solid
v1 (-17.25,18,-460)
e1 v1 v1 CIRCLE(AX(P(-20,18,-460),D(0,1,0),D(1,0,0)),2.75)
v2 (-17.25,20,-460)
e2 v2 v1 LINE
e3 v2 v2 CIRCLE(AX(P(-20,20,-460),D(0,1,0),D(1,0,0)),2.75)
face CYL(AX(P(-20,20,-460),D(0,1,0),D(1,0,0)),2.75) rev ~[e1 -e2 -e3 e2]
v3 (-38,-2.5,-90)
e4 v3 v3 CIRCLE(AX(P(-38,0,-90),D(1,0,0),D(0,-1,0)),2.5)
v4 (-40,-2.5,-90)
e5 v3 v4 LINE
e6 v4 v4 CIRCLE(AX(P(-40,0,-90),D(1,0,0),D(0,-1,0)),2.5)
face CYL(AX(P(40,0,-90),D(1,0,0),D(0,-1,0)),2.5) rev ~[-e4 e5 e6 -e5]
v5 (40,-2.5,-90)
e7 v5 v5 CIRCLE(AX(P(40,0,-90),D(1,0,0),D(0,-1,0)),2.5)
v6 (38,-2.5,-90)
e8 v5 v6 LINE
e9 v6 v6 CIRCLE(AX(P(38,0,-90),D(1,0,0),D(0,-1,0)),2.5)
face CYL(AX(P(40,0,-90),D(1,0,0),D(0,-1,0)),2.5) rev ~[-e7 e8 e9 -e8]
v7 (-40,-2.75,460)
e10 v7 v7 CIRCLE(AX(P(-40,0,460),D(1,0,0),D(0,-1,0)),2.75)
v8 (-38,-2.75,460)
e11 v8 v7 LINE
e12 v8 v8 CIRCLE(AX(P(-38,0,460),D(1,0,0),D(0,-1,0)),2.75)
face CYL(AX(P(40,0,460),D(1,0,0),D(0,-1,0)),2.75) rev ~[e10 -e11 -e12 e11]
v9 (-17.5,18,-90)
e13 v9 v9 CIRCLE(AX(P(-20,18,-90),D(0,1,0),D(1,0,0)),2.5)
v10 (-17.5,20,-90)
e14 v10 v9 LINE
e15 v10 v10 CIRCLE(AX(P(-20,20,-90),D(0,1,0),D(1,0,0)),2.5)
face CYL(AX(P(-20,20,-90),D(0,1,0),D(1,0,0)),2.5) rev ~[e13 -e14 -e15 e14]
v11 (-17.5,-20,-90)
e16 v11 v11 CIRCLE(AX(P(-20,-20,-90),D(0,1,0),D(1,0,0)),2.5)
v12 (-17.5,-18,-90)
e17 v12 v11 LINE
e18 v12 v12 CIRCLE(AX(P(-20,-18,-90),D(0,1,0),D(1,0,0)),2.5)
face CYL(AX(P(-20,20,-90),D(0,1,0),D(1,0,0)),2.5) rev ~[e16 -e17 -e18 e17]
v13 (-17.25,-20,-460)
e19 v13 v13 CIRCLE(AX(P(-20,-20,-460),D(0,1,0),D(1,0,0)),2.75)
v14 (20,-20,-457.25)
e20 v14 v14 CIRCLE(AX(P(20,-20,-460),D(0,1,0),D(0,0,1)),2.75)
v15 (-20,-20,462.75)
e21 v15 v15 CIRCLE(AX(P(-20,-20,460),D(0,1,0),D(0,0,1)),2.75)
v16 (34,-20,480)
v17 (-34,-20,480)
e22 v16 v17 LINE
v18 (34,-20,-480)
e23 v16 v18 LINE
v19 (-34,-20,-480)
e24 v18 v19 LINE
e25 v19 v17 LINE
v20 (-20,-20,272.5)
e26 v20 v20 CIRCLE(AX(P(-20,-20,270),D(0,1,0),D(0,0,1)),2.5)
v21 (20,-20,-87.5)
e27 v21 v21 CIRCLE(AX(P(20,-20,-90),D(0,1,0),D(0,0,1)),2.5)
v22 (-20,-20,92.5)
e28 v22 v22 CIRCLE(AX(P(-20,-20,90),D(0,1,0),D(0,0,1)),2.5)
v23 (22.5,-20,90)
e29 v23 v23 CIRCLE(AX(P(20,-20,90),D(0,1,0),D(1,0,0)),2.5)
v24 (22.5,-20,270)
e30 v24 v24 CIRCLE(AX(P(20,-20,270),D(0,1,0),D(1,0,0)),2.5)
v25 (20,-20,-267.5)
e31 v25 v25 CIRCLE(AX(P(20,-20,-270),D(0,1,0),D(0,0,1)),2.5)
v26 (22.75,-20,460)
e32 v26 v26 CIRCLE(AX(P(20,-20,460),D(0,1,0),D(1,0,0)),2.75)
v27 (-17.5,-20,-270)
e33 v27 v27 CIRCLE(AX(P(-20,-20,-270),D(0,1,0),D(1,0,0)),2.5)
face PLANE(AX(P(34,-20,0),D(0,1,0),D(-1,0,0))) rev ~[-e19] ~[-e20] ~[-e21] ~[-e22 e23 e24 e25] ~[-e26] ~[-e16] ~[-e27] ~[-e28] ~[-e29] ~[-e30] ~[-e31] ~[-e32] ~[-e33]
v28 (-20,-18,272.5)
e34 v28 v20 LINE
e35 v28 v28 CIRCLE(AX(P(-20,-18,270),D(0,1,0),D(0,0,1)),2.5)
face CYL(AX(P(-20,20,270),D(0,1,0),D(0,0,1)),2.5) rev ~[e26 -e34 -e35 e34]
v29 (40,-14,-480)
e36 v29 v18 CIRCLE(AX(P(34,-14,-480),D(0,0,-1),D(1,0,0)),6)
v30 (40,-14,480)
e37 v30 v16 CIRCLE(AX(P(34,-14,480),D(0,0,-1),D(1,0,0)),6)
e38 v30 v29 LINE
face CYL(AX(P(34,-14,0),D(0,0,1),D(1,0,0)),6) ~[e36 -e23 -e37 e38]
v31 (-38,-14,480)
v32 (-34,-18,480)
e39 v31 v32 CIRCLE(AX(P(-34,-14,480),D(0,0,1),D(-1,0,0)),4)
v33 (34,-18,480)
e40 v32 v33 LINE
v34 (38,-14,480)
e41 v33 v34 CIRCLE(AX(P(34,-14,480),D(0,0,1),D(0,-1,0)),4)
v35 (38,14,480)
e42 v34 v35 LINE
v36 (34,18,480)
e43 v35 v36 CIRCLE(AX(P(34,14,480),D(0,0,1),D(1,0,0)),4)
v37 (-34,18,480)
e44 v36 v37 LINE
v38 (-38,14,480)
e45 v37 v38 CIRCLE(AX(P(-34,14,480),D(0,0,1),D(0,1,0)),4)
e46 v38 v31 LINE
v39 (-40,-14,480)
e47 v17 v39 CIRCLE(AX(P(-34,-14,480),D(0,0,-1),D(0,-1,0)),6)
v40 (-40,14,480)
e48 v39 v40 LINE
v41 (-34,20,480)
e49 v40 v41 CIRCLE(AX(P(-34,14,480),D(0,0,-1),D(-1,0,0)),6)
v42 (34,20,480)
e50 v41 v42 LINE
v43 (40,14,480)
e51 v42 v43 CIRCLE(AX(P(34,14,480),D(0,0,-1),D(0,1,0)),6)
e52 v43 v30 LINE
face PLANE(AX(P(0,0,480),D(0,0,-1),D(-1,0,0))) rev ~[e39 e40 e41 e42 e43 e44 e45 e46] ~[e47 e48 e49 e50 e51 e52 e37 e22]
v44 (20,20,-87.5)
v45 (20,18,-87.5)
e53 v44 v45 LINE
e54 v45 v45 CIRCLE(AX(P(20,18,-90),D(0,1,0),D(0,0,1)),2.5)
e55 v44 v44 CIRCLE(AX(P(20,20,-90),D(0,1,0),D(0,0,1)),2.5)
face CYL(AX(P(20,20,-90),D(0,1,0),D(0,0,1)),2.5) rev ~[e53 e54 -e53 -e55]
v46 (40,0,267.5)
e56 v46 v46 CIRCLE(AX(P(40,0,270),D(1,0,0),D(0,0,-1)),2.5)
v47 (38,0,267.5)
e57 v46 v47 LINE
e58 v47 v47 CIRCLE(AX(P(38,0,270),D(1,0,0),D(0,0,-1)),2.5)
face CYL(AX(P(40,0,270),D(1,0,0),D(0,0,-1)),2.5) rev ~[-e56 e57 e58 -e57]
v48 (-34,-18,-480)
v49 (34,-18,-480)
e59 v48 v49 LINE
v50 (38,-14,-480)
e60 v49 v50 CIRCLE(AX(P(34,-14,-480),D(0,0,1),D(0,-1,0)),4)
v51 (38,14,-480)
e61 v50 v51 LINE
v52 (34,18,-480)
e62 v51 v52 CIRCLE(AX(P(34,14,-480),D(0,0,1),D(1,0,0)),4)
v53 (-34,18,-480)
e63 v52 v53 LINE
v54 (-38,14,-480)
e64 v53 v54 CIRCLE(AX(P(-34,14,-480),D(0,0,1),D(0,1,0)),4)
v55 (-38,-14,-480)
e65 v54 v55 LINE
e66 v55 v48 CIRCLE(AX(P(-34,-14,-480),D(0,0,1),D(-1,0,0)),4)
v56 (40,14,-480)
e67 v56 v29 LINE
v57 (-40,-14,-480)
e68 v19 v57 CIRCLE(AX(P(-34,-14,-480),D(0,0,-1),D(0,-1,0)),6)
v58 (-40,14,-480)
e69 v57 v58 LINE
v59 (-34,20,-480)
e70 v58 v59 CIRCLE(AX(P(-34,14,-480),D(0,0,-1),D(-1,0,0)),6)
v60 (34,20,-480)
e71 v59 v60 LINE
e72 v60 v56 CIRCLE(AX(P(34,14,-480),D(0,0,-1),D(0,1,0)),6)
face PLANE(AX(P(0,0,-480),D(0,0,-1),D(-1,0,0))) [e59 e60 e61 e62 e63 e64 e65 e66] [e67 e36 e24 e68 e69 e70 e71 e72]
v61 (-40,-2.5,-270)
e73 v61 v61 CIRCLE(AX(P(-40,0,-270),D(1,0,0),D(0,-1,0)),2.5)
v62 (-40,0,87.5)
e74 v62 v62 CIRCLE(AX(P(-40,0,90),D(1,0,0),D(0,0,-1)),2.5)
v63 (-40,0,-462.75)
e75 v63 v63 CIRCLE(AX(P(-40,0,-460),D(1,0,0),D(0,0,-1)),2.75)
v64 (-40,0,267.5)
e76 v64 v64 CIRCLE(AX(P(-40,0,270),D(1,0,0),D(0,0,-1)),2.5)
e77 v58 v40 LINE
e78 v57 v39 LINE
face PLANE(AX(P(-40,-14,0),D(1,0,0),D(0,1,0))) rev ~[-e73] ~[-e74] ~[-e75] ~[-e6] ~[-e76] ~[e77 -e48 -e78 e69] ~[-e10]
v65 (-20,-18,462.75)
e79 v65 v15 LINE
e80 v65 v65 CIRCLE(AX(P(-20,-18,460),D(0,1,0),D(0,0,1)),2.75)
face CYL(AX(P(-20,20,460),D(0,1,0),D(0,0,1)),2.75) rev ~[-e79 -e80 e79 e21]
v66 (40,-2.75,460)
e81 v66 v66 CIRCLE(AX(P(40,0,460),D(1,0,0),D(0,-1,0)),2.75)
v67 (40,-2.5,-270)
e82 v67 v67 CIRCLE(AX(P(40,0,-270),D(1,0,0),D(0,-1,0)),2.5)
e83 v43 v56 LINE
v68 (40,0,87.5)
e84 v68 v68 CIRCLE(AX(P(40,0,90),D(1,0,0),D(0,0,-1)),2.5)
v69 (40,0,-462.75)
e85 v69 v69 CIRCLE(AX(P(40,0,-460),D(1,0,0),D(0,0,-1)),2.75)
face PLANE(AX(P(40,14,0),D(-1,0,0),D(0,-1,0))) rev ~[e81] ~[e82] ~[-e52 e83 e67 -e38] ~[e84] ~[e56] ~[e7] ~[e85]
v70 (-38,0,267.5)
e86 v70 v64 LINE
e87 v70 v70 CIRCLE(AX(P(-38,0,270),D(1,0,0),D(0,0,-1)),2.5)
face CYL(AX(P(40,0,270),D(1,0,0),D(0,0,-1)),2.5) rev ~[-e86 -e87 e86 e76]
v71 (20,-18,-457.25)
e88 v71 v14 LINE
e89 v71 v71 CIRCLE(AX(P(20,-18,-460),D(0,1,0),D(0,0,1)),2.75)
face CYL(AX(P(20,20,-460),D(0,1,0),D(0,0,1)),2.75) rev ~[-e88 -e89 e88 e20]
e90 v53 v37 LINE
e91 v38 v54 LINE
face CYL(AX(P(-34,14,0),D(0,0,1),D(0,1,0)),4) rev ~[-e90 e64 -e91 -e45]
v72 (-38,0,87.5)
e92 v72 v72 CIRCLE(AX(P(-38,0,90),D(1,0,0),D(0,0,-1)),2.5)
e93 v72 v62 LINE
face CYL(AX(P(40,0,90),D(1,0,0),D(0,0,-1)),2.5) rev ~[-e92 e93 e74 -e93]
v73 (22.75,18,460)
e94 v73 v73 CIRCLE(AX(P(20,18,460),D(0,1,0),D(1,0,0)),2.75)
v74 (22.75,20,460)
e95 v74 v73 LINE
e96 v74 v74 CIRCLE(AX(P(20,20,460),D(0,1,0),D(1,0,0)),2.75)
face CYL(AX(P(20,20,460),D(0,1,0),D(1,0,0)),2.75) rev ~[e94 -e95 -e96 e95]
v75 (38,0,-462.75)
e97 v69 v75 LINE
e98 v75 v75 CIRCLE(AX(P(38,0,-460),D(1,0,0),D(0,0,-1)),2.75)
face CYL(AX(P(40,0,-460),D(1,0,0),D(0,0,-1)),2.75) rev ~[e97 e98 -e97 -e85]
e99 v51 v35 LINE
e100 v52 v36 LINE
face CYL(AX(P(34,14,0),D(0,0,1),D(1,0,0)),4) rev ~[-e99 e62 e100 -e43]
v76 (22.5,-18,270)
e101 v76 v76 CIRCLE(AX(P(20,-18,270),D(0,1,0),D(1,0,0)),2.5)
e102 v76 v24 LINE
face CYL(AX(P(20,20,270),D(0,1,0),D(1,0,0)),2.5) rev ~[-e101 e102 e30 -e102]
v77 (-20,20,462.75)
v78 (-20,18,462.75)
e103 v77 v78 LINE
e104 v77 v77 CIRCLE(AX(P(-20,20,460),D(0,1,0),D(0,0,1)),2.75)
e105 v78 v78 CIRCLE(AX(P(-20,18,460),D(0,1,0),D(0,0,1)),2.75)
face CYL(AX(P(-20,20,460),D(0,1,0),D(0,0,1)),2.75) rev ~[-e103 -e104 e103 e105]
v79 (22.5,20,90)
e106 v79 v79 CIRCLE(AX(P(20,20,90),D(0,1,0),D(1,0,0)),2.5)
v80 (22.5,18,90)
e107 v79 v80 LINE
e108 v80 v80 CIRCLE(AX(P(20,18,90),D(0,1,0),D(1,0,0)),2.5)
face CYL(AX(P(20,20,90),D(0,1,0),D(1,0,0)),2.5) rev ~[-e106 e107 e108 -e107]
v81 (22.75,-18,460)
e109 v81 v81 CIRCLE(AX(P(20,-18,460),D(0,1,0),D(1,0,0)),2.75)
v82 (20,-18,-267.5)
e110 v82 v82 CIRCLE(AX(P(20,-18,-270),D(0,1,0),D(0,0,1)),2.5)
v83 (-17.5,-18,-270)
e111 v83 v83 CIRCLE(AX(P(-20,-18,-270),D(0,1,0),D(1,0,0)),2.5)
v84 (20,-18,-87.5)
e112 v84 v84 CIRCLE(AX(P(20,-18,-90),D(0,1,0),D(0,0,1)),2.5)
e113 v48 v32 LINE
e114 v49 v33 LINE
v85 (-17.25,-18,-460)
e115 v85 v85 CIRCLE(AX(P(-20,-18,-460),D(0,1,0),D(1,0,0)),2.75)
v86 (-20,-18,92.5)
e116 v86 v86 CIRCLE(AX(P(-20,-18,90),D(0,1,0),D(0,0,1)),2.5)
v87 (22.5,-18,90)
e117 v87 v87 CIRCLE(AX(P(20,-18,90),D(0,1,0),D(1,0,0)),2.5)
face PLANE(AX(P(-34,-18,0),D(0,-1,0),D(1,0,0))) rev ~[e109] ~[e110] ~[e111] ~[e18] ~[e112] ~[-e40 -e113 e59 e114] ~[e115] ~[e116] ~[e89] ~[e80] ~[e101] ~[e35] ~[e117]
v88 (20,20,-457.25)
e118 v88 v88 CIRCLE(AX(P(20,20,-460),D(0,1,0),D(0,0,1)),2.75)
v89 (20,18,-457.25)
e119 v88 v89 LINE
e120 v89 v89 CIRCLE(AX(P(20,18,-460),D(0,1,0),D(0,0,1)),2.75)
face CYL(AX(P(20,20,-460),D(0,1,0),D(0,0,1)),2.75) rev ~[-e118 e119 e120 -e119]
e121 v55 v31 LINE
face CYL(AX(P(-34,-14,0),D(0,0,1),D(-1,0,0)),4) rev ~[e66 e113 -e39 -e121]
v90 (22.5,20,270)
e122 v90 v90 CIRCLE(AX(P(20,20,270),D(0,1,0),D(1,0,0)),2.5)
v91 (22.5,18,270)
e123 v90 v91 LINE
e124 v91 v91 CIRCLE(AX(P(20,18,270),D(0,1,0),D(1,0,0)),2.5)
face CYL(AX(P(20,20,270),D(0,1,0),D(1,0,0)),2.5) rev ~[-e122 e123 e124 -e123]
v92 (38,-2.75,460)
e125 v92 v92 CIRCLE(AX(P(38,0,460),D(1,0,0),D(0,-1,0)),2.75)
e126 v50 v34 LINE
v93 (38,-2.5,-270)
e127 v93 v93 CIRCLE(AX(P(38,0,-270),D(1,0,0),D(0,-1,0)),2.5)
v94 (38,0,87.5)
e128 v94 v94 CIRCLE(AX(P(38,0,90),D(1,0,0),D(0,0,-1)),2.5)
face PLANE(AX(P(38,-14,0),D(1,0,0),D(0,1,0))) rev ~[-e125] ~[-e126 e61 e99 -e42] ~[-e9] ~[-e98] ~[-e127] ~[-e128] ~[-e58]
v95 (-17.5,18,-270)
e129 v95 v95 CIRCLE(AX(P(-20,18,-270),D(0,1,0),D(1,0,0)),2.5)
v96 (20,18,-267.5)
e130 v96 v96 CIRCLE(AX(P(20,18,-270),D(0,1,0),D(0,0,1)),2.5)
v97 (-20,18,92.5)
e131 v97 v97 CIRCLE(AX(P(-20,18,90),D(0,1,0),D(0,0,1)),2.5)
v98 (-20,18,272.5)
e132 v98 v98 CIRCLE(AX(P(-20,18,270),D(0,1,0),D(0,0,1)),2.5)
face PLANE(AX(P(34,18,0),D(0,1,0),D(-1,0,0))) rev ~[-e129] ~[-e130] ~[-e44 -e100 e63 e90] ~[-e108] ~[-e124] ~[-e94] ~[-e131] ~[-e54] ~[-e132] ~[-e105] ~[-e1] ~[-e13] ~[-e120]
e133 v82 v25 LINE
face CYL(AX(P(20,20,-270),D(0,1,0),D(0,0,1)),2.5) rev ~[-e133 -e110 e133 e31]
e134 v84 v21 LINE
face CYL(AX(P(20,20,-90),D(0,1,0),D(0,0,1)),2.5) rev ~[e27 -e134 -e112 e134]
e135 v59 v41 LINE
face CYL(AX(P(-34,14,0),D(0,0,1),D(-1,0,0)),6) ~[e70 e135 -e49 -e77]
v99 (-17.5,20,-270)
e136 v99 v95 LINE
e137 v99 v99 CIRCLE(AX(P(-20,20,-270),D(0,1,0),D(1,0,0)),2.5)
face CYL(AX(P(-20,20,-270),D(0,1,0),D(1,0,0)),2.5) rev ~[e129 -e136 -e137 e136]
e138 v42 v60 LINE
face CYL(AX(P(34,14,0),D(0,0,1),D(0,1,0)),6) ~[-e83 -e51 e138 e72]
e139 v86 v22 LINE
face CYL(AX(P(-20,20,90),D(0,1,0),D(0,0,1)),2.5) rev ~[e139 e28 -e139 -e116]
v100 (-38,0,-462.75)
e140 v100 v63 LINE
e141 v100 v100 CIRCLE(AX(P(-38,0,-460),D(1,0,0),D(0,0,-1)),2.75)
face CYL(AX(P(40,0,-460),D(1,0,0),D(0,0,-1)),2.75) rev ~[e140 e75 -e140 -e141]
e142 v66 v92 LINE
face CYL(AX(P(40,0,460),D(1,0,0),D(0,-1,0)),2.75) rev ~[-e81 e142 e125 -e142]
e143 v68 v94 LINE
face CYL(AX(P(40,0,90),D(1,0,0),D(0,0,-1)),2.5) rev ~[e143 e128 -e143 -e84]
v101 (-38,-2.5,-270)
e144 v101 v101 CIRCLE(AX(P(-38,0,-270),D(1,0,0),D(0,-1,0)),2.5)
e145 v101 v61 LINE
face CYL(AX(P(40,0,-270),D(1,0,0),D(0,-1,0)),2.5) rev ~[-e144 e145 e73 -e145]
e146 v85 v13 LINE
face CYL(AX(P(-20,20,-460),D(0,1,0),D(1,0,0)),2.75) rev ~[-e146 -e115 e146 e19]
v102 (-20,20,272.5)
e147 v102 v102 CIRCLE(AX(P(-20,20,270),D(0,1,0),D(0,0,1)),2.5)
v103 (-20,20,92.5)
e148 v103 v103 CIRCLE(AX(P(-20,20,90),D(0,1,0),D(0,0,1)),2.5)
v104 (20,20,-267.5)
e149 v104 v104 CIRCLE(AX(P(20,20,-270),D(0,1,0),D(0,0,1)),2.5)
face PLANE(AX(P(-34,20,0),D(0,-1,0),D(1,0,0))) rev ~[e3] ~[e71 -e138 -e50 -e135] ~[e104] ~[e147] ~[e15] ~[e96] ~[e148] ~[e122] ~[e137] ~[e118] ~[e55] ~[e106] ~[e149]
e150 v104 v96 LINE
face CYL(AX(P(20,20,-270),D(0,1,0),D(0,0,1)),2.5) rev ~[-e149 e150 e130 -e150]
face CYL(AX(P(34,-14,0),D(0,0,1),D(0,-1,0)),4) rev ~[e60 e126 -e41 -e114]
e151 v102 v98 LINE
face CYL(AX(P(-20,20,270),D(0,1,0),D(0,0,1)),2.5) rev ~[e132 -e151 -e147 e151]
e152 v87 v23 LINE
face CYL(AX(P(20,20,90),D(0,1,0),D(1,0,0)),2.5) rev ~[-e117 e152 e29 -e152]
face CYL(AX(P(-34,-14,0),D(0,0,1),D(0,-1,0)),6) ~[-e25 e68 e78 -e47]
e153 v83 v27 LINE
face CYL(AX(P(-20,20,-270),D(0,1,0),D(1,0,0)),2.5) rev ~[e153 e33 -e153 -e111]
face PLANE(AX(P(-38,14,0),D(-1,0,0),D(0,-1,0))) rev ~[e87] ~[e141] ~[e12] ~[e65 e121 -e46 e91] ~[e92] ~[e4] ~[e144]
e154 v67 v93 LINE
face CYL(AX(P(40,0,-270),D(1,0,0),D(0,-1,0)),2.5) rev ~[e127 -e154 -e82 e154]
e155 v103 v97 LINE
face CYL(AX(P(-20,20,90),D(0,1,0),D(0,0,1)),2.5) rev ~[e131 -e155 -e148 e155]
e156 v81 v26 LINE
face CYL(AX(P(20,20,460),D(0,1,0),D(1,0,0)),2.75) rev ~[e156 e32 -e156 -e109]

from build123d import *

# Parameters (mm, degrees)
AUFSATZ_LINEAR_AUSTRAGEN1_DEPTH = 480
SKIZZE2_R                       = 2.75
SCHNITT_LINEAR_AUSTRAGEN1_DEPTH = 100
SKIZZE3_R                       = 2.75
SCHNITT_LINEAR_AUSTRAGEN2_DEPTH = 100
SKIZZE4_R                       = 2.5
SCHNITT_LINEAR_AUSTRAGEN3_DEPTH = 100
SKIZZE5_R                       = 2.5
SCHNITT_LINEAR_AUSTRAGEN4_DEPTH = 100


with BuildPart() as part:
    # Skizze1 → Aufsatz-Linear austragen1 (new, symmetric)
    with BuildSketch(Plane.XY):
        with BuildLine():
            Line((-34, 20), (34, 20))
            ThreePointArc((34, 20), (38.242640687, 18.242640687), (40, 14))
            Line((40, 14), (40, -14))
            ThreePointArc((40, -14), (38.242640687, -18.242640687), (34, -20))
            Line((34, -20), (-34, -20))
            ThreePointArc((-34, -20), (-38.242640687, -18.242640687), (-40, -14))
            Line((-40, -14), (-40, 14))
            ThreePointArc((-40, 14), (-38.242640687, 18.242640687), (-34, 20))
        make_face()
        with BuildLine():
            Line((-38, 14), (-38, -14))
            ThreePointArc((-38, -14), (-36.828427125, -16.828427125), (-34, -18))
            Line((-34, -18), (34, -18))
            ThreePointArc((34, -18), (36.828427125, -16.828427125), (38, -14))
            Line((38, -14), (38, 14))
            ThreePointArc((38, 14), (36.828427125, 16.828427125), (34, 18))
            Line((34, 18), (-34, 18))
            ThreePointArc((-34, 18), (-36.828427125, 16.828427125), (-38, 14))
        make_face(mode=Mode.SUBTRACT)
    extrude(amount=AUFSATZ_LINEAR_AUSTRAGEN1_DEPTH, both=True)

    # Skizze2 → Schnitt-Linear austragen1 (cut)
    with BuildSketch(Plane(origin=(0, 20, 0), x_dir=(1, 0, 0), z_dir=(0, 1, 0))):
        with Locations(Location((20, 460, 0), (0, 0, 270))):
            Circle(SKIZZE2_R)
        with Locations((-20, 460)):
            Circle(SKIZZE2_R)
        with Locations((20, -460)):
            Circle(SKIZZE2_R)
        with Locations(Location((-20, -460, 0), (0, 0, 270))):
            Circle(SKIZZE2_R)
    extrude(amount=-SCHNITT_LINEAR_AUSTRAGEN1_DEPTH, mode=Mode.SUBTRACT)

    # Skizze3 → Schnitt-Linear austragen2 (cut)
    with BuildSketch(Plane(origin=(40, 0, 0), x_dir=(0, 0, -1), z_dir=(1, 0, 0))):
        with Locations((460, 0)):
            Circle(SKIZZE3_R)
        with Locations(Location((-460, 0, 0), (0, 0, 270))):
            Circle(SKIZZE3_R)
    extrude(amount=-SCHNITT_LINEAR_AUSTRAGEN2_DEPTH, mode=Mode.SUBTRACT)

    # Skizze4 → Schnitt-Linear austragen3 (cut)
    with BuildSketch(Plane(origin=(40, 0, 0), x_dir=(0, 0, -1), z_dir=(1, 0, 0))):
        with Locations((-270, 0)):
            Circle(SKIZZE4_R)
        with Locations((-90, 0)):
            Circle(SKIZZE4_R)
        with Locations(Location((90, 0, 0), (0, 0, 270))):
            Circle(SKIZZE4_R)
        with Locations(Location((270, 0, 0), (0, 0, 270))):
            Circle(SKIZZE4_R)
    extrude(amount=-SCHNITT_LINEAR_AUSTRAGEN3_DEPTH, mode=Mode.SUBTRACT)

    # Skizze5 → Schnitt-Linear austragen4 (cut)
    with BuildSketch(Plane(origin=(0, 20, 0), x_dir=(1, 0, 0), z_dir=(0, 1, 0))):
        with Locations(Location((20, 270, 0), (0, 0, 270))):
            Circle(SKIZZE5_R)
        with Locations(Location((20, 90, 0), (0, 0, 270))):
            Circle(SKIZZE5_R)
        with Locations((-20, 90)):
            Circle(SKIZZE5_R)
        with Locations((-20, 270)):
            Circle(SKIZZE5_R)
        with Locations((20, -90)):
            Circle(SKIZZE5_R)
        with Locations(Location((-20, -90, 0), (0, 0, 270))):
            Circle(SKIZZE5_R)
        with Locations((20, -270)):
            Circle(SKIZZE5_R)
        with Locations(Location((-20, -270, 0), (0, 0, 270))):
            Circle(SKIZZE5_R)
    extrude(amount=-SCHNITT_LINEAR_AUSTRAGEN4_DEPTH, mode=Mode.SUBTRACT)


solid = part.part
